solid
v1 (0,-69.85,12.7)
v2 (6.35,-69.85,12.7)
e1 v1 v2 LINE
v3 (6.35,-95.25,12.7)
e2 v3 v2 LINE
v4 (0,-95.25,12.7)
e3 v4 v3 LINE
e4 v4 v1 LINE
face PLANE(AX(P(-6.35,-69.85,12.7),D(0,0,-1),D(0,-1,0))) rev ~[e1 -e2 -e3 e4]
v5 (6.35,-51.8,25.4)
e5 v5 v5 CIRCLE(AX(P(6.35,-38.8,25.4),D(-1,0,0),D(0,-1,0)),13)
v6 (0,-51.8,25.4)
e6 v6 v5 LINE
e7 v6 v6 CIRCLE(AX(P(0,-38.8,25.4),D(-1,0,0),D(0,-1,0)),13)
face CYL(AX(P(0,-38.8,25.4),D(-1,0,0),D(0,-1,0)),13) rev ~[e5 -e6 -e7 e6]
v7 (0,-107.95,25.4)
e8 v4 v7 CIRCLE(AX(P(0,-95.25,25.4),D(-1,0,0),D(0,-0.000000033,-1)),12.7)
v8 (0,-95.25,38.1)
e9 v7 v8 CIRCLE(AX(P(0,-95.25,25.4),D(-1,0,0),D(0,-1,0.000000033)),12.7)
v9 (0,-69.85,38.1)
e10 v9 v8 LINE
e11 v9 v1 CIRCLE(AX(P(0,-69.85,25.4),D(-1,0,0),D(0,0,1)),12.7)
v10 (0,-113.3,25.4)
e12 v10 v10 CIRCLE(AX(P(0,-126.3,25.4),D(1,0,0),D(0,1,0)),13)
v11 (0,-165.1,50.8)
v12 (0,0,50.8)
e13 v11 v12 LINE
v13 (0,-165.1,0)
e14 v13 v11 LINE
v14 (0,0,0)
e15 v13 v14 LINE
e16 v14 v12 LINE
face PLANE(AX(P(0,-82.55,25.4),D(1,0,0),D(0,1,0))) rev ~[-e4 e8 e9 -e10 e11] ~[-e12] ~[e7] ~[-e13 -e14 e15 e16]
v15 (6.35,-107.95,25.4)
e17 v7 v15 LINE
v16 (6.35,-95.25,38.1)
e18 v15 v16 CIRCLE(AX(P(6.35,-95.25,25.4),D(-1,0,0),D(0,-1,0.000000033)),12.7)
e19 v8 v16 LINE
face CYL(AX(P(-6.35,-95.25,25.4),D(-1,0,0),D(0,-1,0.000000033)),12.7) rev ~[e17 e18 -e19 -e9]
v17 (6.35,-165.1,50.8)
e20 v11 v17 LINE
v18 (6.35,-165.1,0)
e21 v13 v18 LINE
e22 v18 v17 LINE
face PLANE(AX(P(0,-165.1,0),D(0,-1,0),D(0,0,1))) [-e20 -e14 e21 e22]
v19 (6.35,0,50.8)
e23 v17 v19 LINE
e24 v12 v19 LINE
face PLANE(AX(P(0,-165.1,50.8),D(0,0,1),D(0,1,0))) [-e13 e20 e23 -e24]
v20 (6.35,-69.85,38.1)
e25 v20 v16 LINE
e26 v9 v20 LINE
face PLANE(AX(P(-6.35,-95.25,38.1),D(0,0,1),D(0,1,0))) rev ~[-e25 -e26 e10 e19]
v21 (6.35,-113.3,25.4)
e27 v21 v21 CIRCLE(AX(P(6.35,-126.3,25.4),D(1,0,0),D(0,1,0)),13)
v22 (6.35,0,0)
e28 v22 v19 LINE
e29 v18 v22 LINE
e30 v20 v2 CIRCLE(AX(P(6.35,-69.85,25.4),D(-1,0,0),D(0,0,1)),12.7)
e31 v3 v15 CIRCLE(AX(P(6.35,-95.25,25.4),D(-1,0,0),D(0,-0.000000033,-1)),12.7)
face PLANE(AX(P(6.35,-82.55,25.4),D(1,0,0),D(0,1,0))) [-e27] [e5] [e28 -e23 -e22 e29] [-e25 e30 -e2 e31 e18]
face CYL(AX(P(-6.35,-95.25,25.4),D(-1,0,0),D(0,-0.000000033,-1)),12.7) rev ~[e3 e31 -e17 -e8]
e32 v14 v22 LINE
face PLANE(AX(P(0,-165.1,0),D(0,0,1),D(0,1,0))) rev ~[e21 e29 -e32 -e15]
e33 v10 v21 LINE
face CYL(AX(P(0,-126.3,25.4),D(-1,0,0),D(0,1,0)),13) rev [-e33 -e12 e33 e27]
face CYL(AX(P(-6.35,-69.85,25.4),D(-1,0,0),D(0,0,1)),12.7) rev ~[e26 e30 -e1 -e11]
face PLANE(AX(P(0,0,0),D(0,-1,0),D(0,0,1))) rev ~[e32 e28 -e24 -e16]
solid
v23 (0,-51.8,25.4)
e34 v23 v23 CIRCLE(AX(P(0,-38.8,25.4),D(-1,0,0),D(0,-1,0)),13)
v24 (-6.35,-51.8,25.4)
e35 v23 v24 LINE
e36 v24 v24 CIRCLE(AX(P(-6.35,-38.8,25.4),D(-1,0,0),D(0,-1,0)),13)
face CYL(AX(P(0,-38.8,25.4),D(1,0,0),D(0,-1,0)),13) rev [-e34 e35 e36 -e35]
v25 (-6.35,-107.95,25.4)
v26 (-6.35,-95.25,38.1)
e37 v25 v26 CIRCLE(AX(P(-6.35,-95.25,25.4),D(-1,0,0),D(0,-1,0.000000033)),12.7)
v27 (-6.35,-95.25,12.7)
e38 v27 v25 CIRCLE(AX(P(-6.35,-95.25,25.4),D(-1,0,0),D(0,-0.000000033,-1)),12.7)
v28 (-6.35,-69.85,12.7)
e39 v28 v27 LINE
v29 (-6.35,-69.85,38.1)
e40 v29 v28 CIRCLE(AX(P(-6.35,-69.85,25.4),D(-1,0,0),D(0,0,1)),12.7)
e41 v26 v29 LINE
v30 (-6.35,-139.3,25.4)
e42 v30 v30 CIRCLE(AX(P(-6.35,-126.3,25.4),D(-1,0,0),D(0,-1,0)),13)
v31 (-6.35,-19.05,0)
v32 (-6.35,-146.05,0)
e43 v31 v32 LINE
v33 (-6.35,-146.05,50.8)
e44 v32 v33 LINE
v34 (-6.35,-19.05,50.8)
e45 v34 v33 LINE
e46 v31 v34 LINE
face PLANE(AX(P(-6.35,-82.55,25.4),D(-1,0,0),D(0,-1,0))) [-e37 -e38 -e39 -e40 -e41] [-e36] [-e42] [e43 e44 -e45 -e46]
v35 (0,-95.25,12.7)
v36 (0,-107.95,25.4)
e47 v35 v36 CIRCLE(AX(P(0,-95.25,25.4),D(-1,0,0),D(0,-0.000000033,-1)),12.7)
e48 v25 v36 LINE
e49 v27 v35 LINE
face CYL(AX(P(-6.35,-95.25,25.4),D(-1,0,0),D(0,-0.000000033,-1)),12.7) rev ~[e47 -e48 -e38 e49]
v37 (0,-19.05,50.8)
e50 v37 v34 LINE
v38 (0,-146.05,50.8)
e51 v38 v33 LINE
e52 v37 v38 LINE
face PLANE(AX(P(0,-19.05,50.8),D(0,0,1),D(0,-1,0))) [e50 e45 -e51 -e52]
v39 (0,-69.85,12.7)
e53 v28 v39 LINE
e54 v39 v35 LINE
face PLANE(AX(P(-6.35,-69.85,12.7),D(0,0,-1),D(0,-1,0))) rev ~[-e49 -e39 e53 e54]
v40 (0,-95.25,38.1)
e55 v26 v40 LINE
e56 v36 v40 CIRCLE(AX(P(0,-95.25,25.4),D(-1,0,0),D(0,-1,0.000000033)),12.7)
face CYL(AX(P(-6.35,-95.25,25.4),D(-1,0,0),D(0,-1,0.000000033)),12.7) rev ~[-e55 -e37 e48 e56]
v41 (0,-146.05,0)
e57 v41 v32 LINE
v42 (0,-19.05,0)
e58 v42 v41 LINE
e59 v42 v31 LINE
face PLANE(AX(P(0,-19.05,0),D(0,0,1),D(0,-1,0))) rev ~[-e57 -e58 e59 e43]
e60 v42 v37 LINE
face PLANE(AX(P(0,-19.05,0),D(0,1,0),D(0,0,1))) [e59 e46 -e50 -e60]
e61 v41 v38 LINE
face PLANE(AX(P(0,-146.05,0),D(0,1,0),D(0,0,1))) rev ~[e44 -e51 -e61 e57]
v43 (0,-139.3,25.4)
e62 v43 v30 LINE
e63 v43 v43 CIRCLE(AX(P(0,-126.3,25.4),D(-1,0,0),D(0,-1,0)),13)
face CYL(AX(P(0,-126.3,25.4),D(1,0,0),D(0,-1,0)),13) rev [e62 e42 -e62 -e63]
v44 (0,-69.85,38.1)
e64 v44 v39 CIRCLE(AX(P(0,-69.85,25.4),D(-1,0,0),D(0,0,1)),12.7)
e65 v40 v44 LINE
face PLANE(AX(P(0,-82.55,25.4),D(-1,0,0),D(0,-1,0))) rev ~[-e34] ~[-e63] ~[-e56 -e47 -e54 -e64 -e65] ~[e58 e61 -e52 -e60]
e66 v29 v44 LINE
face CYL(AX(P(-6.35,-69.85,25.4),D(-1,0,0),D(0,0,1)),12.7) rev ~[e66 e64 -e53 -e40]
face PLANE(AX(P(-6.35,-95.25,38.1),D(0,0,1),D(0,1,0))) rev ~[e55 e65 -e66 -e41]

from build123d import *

# Parameters (mm, degrees)
F0_W     = 165.1
F0_H     = 50.8
F0_R     = 13
F1_DEPTH = 6.35
F2_W     = 127
F2_H     = 50.8
F2_R     = 13
F3_DEPTH = 6.35
F5_DEPTH = 12.701


with BuildPart() as f1:
    # F0 (on Right) → F1 (new body)
    with BuildSketch(Plane.YZ):
        with Locations((-82.55, 25.4)):
            Rectangle(F0_W, F0_H)
        with Locations((-126.3, 25.4)):
            Circle(F0_R, mode=Mode.SUBTRACT)
        with BuildLine():
            ThreePointArc((-25.8, 25.4), (-38.8, 12.4), (-51.8, 25.4))
            ThreePointArc((-51.8, 25.4), (-38.8, 38.4), (-25.8, 25.4))
        make_face(mode=Mode.SUBTRACT)
    extrude(amount=F1_DEPTH)


with BuildPart() as f3:
    # F2 (on face) → F3 (new body)
    with BuildSketch(Plane(origin=(0, 0, 0), x_dir=(0, -1, 0), z_dir=(-1, 0, 0))):
        with Locations((82.55, 25.4)):
            Rectangle(F2_W, F2_H)
        with Locations((126.3, 25.4)):
            Circle(F2_R, mode=Mode.SUBTRACT)
        with Locations((38.8, 25.4)):
            Circle(F2_R, mode=Mode.SUBTRACT)
    extrude(amount=F3_DEPTH)


with BuildPart() as f5_tool:
    # F4 (on face) → F5 (new body, through all)
    with BuildSketch(Plane(origin=(-6.35, 0, 0), x_dir=(0, -1, 0), z_dir=(-1, 0, 0))):
        with BuildLine():
            ThreePointArc((69.85, 12.7), (78.830256, 16.419744), (82.55, 25.4))
            ThreePointArc((82.55, 25.4), (78.830256, 34.380256), (69.85, 38.1))
            ThreePointArc((69.85, 38.1), (57.15, 25.4), (69.85, 12.7))
        make_face()
        with BuildLine():
            ThreePointArc((95.25, 12.7), (86.269744, 16.419744), (82.55, 25.4))
            ThreePointArc((82.55, 25.4), (78.830256, 16.419744), (69.85, 12.7))
            Line((69.85, 12.7), (95.25, 12.7))
        make_face()
        with BuildLine():
            ThreePointArc((69.85, 38.1), (78.830256, 34.380256), (82.55, 25.4))
            ThreePointArc((82.55, 25.4), (86.269744, 34.380256), (95.25, 38.1))
            Line((95.25, 38.1), (69.85, 38.1))
        make_face()
        with BuildLine():
            ThreePointArc((95.25, 38.1), (86.269744, 34.380256), (82.55, 25.4))
            ThreePointArc((82.55, 25.4), (86.269744, 16.419744), (95.25, 12.7))
            ThreePointArc((95.25, 12.7), (104.230256, 16.419744), (107.95, 25.4))
            ThreePointArc((107.95, 25.4), (104.230256, 34.380256), (95.25, 38.1))
        make_face()
    extrude(amount=-F5_DEPTH)


with BuildPart() as f1_1:
    add(f1.part)

    # F5: cut by f5_tool
    add(f5_tool.part, mode=Mode.SUBTRACT)


with BuildPart() as f3_1:
    add(f3.part)

    # F5: cut by f5_tool
    add(f5_tool.part, mode=Mode.SUBTRACT)


solid = Compound([f1_1.part, f3_1.part])
